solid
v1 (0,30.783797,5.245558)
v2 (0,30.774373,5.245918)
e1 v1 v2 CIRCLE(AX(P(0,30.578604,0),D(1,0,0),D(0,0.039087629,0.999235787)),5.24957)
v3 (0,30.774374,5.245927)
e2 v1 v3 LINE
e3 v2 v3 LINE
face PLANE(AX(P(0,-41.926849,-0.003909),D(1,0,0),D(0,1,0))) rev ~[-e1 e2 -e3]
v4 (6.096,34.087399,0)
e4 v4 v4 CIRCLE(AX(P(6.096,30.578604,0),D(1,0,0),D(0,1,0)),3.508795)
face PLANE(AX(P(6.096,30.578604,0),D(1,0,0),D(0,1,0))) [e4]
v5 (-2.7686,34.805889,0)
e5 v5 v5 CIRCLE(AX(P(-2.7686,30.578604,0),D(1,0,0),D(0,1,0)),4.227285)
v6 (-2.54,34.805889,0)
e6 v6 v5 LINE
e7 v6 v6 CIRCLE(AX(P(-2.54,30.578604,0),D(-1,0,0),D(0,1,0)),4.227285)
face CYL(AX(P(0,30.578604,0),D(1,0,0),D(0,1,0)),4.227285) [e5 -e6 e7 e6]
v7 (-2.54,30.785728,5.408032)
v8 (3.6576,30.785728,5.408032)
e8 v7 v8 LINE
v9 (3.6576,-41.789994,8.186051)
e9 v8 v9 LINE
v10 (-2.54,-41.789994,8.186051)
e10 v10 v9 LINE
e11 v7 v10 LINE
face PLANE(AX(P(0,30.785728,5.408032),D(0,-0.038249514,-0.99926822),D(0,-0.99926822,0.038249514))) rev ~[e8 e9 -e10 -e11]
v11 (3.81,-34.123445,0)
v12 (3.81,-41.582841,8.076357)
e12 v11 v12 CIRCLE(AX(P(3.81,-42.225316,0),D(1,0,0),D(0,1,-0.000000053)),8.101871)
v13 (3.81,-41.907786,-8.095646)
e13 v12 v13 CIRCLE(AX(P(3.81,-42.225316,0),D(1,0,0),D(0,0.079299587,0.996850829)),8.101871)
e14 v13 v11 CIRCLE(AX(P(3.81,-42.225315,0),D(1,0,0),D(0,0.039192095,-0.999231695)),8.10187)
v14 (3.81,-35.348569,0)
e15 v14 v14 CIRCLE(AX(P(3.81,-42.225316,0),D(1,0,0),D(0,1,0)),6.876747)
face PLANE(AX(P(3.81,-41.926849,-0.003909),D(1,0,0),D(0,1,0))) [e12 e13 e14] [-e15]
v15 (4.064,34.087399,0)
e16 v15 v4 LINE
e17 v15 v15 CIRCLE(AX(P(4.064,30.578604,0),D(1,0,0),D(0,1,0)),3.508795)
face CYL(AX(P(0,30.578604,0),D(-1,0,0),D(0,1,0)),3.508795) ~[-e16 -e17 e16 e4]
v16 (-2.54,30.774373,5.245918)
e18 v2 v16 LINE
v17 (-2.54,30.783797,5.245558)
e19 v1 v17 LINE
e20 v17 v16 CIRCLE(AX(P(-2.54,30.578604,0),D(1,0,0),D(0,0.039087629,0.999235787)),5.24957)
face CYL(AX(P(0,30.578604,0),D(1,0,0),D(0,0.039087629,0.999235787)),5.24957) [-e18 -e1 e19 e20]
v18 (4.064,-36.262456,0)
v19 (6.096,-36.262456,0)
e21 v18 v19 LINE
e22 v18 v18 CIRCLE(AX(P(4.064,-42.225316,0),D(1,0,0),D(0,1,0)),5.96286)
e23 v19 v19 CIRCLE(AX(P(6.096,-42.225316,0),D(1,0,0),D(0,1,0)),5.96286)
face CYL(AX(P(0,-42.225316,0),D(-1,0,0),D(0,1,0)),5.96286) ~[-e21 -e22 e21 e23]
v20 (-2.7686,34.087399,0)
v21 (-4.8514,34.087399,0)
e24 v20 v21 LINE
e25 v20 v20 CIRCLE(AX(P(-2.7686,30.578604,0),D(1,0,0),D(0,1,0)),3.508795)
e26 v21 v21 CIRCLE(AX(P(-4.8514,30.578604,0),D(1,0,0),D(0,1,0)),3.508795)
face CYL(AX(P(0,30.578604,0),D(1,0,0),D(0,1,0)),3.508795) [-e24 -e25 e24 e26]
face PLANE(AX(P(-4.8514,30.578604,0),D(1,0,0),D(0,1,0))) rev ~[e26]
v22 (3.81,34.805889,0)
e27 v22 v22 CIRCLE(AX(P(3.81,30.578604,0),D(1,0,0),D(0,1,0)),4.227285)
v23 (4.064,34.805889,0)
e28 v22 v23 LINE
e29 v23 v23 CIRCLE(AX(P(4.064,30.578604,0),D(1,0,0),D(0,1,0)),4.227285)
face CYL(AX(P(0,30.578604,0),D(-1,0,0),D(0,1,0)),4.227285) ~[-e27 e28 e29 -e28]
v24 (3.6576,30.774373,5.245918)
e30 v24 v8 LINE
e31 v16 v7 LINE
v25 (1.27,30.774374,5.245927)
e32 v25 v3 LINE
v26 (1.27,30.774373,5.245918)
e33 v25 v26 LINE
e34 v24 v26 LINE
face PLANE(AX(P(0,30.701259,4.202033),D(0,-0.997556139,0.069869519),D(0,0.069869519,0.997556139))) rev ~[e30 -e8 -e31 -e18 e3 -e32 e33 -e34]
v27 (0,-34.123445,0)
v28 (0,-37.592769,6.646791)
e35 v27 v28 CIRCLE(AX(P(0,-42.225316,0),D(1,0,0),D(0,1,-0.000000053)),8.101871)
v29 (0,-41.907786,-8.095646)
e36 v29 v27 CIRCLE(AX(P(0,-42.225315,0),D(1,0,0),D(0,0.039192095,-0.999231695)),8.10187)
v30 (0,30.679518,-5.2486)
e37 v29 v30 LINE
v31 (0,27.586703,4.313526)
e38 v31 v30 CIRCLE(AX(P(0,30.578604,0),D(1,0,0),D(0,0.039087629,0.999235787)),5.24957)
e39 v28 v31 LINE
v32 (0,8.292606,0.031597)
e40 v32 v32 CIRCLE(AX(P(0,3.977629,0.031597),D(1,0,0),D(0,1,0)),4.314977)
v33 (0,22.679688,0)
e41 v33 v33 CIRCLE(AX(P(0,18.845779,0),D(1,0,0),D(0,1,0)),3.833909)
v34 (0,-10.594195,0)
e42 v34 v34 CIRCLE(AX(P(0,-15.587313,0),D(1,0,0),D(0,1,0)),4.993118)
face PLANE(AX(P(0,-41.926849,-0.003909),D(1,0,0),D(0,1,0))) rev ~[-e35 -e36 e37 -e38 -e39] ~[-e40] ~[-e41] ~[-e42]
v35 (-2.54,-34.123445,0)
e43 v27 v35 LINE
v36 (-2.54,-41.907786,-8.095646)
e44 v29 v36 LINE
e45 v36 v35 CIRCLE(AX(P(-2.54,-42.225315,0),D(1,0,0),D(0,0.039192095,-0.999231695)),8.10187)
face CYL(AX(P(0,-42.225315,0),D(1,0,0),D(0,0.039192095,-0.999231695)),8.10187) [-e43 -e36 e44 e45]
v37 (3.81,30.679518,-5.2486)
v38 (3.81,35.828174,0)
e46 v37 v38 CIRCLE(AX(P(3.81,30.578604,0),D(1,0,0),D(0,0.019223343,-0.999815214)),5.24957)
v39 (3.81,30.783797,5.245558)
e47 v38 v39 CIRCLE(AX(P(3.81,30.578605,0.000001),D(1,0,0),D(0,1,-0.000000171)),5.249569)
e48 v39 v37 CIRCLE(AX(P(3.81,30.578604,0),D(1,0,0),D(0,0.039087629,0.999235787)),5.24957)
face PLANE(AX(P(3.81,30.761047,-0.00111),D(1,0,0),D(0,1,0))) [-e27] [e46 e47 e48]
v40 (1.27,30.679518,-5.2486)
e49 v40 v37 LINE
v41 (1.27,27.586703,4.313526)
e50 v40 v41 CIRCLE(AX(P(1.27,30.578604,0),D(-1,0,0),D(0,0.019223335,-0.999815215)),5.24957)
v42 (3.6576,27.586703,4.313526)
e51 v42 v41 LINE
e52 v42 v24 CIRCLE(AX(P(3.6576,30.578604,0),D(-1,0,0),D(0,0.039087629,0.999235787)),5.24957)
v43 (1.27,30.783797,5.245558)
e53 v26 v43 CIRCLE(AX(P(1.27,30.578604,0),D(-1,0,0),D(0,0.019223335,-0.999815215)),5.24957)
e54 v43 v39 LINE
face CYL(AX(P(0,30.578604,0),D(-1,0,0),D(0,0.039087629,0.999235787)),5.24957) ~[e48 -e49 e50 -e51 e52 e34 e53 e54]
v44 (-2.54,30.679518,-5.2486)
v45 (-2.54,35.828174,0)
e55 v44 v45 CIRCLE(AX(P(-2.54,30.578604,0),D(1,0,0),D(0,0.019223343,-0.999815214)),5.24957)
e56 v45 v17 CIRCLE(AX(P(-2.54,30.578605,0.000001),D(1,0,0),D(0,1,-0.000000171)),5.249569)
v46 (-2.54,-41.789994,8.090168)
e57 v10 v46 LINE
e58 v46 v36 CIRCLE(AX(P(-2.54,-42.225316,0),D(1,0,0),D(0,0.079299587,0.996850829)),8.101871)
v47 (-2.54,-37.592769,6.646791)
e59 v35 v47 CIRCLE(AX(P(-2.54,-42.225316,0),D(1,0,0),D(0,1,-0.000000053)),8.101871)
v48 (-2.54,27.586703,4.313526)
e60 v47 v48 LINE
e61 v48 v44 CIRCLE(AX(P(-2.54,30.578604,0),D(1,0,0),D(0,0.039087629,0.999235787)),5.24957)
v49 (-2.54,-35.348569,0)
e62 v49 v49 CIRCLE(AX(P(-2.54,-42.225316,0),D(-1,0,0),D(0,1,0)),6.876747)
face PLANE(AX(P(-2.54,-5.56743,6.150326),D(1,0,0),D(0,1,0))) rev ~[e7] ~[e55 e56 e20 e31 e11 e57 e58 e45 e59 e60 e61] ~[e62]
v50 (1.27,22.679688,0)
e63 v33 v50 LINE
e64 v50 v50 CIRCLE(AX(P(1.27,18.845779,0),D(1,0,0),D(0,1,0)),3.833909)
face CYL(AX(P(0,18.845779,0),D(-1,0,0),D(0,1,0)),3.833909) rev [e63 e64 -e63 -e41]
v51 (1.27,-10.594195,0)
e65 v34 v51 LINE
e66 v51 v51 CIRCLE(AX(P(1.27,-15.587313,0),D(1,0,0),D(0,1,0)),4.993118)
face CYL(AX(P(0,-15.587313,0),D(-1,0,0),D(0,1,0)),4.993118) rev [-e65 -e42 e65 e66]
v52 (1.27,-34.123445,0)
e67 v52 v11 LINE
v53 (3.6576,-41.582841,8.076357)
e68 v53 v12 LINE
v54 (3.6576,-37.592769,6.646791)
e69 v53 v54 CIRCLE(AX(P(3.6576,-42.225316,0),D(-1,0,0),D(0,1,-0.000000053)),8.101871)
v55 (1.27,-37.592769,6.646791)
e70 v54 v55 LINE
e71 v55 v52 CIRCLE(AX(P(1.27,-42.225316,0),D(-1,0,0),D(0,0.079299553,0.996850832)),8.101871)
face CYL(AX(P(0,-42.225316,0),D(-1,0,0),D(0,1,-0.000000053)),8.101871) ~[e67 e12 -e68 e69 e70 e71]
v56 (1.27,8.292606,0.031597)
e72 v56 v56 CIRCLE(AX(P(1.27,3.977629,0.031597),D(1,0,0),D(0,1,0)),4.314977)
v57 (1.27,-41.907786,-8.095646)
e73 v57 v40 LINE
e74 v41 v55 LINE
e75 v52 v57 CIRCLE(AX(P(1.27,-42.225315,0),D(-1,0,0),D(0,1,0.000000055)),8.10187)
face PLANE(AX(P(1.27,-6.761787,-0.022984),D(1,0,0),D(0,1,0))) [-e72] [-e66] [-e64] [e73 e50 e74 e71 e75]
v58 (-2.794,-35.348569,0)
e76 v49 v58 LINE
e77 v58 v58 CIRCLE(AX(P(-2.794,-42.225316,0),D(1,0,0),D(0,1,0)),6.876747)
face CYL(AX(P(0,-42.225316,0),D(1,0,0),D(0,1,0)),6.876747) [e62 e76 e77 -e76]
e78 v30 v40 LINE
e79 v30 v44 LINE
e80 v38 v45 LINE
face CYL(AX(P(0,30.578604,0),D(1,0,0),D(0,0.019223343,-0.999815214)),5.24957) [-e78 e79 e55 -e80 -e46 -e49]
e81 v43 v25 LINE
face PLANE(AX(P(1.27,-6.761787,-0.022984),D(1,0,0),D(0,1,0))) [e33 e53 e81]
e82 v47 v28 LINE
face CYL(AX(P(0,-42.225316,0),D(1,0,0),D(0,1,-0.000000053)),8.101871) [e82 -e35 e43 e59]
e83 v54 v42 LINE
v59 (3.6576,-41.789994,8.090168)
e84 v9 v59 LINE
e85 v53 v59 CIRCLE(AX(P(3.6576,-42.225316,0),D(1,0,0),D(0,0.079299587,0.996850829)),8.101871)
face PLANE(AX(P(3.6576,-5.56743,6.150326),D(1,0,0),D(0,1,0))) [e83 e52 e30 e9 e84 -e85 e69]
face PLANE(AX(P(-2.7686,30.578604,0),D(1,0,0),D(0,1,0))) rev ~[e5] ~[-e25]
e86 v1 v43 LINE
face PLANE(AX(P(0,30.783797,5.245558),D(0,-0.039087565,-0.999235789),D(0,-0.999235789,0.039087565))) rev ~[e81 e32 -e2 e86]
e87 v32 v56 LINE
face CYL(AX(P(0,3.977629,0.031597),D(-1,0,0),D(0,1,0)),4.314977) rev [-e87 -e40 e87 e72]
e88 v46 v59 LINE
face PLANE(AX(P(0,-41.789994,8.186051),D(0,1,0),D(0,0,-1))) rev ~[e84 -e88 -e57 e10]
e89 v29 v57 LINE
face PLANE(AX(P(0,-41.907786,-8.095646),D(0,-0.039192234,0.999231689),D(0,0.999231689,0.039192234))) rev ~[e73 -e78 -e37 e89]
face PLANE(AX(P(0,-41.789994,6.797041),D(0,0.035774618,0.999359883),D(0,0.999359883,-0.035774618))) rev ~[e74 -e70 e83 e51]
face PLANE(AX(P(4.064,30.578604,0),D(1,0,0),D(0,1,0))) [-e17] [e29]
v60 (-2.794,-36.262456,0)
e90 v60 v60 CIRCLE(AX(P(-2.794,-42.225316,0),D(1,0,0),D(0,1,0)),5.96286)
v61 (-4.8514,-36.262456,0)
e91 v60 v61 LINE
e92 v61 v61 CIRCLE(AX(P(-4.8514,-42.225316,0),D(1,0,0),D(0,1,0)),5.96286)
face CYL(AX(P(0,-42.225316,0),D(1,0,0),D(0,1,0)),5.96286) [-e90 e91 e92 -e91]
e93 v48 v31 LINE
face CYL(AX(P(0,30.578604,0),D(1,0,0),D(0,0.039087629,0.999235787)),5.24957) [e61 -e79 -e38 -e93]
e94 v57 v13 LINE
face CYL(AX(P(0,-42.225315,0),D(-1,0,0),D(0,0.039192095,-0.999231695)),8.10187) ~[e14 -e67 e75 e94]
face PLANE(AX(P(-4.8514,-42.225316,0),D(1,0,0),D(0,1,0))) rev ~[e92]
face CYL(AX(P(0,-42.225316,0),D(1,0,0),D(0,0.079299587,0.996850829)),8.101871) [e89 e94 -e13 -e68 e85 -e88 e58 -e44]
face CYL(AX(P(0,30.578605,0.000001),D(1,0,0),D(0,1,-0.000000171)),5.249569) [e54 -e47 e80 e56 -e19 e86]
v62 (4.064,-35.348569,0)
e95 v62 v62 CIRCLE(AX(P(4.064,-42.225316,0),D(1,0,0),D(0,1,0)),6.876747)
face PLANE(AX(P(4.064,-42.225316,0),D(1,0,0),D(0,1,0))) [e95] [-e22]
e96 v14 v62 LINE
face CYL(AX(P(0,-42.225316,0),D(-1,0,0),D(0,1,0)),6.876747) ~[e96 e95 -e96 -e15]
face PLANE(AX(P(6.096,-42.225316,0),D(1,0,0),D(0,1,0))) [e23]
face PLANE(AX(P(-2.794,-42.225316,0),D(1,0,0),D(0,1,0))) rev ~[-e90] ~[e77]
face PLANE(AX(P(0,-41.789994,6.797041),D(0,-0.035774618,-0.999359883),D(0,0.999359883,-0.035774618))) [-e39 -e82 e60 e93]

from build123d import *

# Parameters (mm, degrees)
F0_R      = 4.993118
F0_R_2    = 4.314977
F0_R_3    = 3.833909
F1_DEPTH  = 1.27
F0_R_4    = 6.876747
F0_R_5    = 4.227285
F2_DEPTH  = 3.81
F3_DEPTH  = 2.54
F5_DEPTH  = 2.54
F6_DEPTH  = 2.5146
F0_R_6    = 5.96286
F0_R_7    = 3.508795
F7_DEPTH  = 1.778
F8_DEPTH  = 3.6576
F9_DEPTH  = 4.064
F10_DEPTH = 2.794
F11_DEPTH = 2.7686
F12_DEPTH = 6.096
F13_DEPTH = 4.8514


with BuildPart() as f1:
    # F0 (on Right) → F1 (new body)
    with BuildSketch(Plane.YZ):
        with BuildLine():
            ThreePointArc((30.679518, -5.2486), (25.329293, 0.052162), (30.783797, 5.245558))
            Line((30.783797, 5.245558), (-41.582841, 8.076357))
            ThreePointArc((-41.582841, 8.076357), (-36.273612, 5.497048), (-34.123445, 0))
            ThreePointArc((-34.123445, 0), (-36.385243, -5.615502), (-41.907786, -8.095646))
            Line((-41.907786, -8.095646), (30.679518, -5.2486))
        make_face()
        with Locations((-15.587313, 0)):
            Circle(F0_R, mode=Mode.SUBTRACT)
        with Locations((3.977629, 0.031597)):
            Circle(F0_R_2, mode=Mode.SUBTRACT)
        with Locations((18.845779, 0)):
            Circle(F0_R_3, mode=Mode.SUBTRACT)
    extrude(amount=F1_DEPTH)

    # F0 (on Right) → F2 (join)
    with BuildSketch(Plane.YZ):
        with BuildLine():
            ThreePointArc((-34.123445, 0), (-36.273612, 5.497048), (-41.582841, 8.076357))
            ThreePointArc((-41.582841, 8.076357), (-50.325552, 0.162758), (-41.907786, -8.095646))
            ThreePointArc((-41.907786, -8.095646), (-36.385243, -5.615502), (-34.123445, 0))
        make_face()
        with Locations((-42.225316, 0)):
            Circle(F0_R_4, mode=Mode.SUBTRACT)
        with BuildLine():
            ThreePointArc((30.679518, -5.2486), (34.326119, -3.676155), (35.828174, 0))
            ThreePointArc((35.828174, 0), (34.362462, 3.638737), (30.783797, 5.245558))
            ThreePointArc((30.783797, 5.245558), (25.329293, 0.052162), (30.679518, -5.2486))
        make_face()
        with Locations((30.578604, 0)):
            Circle(F0_R_5, mode=Mode.SUBTRACT)
    extrude(amount=F2_DEPTH)

    # F0 (on Right) → F3 (join)
    with BuildSketch(Plane.YZ):
        with BuildLine():
            ThreePointArc((-34.123445, 0), (-36.273612, 5.497048), (-41.582841, 8.076357))
            ThreePointArc((-41.582841, 8.076357), (-50.325552, 0.162758), (-41.907786, -8.095646))
            ThreePointArc((-41.907786, -8.095646), (-36.385243, -5.615502), (-34.123445, 0))
        make_face()
        with Locations((-42.225316, 0)):
            Circle(F0_R_4, mode=Mode.SUBTRACT)
        with BuildLine():
            ThreePointArc((30.679518, -5.2486), (34.326119, -3.676155), (35.828174, 0))
            ThreePointArc((35.828174, 0), (34.362462, 3.638737), (30.783797, 5.245558))
            ThreePointArc((30.783797, 5.245558), (25.329293, 0.052162), (30.679518, -5.2486))
        make_face()
        with Locations((30.578604, 0)):
            Circle(F0_R_5, mode=Mode.SUBTRACT)
    extrude(amount=-F3_DEPTH)

    # F4 (on Right) → F5 (join)
    with BuildSketch(Plane.YZ):
        Polygon((30.701259, 4.202033), (30.785728, 5.408032), (-41.789994, 8.186051), (-41.789994, 6.797041), align=None)
    extrude(amount=-F5_DEPTH)

    # F4 (on Right) → F6 (join)
    with BuildSketch(Plane.YZ):
        Polygon((30.701259, 4.202033), (30.785728, 5.408032), (-41.789994, 8.186051), (-41.789994, 6.797041), align=None)
    extrude(amount=-F6_DEPTH)

    # F0 (on Right) → F7 (join)
    with BuildSketch(Plane.YZ):
        with Locations((-42.225316, 0)):
            Circle(F0_R_4)
        with Locations((-42.225316, 0)):
            Circle(F0_R_6, mode=Mode.SUBTRACT)
        with Locations((30.578604, 0)):
            Circle(F0_R_5)
        with Locations((30.578604, 0)):
            Circle(F0_R_7, mode=Mode.SUBTRACT)
    extrude(amount=F7_DEPTH)

    # F4 (on Right) → F8 (join)
    with BuildSketch(Plane.YZ):
        Polygon((30.701259, 4.202033), (30.785728, 5.408032), (-41.789994, 8.186051), (-41.789994, 6.797041), align=None)
    extrude(amount=F8_DEPTH)

    # F0 (on Right) → F9 (join)
    with BuildSketch(Plane.YZ):
        with Locations((30.578604, 0)):
            Circle(F0_R_5)
        with Locations((30.578604, 0)):
            Circle(F0_R_7, mode=Mode.SUBTRACT)
        with Locations((-42.225316, 0)):
            Circle(F0_R_4)
        with Locations((-42.225316, 0)):
            Circle(F0_R_6, mode=Mode.SUBTRACT)
    extrude(amount=F9_DEPTH)

    # F0 (on Right) → F10 (join)
    with BuildSketch(Plane.YZ):
        with Locations((-42.225316, 0)):
            Circle(F0_R_4)
        with Locations((-42.225316, 0)):
            Circle(F0_R_6, mode=Mode.SUBTRACT)
    extrude(amount=-F10_DEPTH)

    # F0 (on Right) → F11 (join)
    with BuildSketch(Plane.YZ):
        with Locations((30.578604, 0)):
            Circle(F0_R_5)
        with Locations((30.578604, 0)):
            Circle(F0_R_7, mode=Mode.SUBTRACT)
    extrude(amount=-F11_DEPTH)

    # F0 (on Right) → F12 (join)
    with BuildSketch(Plane.YZ):
        with Locations((-42.225316, 0)):
            Circle(F0_R_6)
        with Locations((30.578604, 0)):
            Circle(F0_R_7)
    extrude(amount=F12_DEPTH)

    # F0 (on Right) → F13 (join)
    with BuildSketch(Plane.YZ):
        with Locations((30.578604, 0)):
            Circle(F0_R_7)
        with Locations((-42.225316, 0)):
            Circle(F0_R_6)
    extrude(amount=-F13_DEPTH)


solid = f1.part
